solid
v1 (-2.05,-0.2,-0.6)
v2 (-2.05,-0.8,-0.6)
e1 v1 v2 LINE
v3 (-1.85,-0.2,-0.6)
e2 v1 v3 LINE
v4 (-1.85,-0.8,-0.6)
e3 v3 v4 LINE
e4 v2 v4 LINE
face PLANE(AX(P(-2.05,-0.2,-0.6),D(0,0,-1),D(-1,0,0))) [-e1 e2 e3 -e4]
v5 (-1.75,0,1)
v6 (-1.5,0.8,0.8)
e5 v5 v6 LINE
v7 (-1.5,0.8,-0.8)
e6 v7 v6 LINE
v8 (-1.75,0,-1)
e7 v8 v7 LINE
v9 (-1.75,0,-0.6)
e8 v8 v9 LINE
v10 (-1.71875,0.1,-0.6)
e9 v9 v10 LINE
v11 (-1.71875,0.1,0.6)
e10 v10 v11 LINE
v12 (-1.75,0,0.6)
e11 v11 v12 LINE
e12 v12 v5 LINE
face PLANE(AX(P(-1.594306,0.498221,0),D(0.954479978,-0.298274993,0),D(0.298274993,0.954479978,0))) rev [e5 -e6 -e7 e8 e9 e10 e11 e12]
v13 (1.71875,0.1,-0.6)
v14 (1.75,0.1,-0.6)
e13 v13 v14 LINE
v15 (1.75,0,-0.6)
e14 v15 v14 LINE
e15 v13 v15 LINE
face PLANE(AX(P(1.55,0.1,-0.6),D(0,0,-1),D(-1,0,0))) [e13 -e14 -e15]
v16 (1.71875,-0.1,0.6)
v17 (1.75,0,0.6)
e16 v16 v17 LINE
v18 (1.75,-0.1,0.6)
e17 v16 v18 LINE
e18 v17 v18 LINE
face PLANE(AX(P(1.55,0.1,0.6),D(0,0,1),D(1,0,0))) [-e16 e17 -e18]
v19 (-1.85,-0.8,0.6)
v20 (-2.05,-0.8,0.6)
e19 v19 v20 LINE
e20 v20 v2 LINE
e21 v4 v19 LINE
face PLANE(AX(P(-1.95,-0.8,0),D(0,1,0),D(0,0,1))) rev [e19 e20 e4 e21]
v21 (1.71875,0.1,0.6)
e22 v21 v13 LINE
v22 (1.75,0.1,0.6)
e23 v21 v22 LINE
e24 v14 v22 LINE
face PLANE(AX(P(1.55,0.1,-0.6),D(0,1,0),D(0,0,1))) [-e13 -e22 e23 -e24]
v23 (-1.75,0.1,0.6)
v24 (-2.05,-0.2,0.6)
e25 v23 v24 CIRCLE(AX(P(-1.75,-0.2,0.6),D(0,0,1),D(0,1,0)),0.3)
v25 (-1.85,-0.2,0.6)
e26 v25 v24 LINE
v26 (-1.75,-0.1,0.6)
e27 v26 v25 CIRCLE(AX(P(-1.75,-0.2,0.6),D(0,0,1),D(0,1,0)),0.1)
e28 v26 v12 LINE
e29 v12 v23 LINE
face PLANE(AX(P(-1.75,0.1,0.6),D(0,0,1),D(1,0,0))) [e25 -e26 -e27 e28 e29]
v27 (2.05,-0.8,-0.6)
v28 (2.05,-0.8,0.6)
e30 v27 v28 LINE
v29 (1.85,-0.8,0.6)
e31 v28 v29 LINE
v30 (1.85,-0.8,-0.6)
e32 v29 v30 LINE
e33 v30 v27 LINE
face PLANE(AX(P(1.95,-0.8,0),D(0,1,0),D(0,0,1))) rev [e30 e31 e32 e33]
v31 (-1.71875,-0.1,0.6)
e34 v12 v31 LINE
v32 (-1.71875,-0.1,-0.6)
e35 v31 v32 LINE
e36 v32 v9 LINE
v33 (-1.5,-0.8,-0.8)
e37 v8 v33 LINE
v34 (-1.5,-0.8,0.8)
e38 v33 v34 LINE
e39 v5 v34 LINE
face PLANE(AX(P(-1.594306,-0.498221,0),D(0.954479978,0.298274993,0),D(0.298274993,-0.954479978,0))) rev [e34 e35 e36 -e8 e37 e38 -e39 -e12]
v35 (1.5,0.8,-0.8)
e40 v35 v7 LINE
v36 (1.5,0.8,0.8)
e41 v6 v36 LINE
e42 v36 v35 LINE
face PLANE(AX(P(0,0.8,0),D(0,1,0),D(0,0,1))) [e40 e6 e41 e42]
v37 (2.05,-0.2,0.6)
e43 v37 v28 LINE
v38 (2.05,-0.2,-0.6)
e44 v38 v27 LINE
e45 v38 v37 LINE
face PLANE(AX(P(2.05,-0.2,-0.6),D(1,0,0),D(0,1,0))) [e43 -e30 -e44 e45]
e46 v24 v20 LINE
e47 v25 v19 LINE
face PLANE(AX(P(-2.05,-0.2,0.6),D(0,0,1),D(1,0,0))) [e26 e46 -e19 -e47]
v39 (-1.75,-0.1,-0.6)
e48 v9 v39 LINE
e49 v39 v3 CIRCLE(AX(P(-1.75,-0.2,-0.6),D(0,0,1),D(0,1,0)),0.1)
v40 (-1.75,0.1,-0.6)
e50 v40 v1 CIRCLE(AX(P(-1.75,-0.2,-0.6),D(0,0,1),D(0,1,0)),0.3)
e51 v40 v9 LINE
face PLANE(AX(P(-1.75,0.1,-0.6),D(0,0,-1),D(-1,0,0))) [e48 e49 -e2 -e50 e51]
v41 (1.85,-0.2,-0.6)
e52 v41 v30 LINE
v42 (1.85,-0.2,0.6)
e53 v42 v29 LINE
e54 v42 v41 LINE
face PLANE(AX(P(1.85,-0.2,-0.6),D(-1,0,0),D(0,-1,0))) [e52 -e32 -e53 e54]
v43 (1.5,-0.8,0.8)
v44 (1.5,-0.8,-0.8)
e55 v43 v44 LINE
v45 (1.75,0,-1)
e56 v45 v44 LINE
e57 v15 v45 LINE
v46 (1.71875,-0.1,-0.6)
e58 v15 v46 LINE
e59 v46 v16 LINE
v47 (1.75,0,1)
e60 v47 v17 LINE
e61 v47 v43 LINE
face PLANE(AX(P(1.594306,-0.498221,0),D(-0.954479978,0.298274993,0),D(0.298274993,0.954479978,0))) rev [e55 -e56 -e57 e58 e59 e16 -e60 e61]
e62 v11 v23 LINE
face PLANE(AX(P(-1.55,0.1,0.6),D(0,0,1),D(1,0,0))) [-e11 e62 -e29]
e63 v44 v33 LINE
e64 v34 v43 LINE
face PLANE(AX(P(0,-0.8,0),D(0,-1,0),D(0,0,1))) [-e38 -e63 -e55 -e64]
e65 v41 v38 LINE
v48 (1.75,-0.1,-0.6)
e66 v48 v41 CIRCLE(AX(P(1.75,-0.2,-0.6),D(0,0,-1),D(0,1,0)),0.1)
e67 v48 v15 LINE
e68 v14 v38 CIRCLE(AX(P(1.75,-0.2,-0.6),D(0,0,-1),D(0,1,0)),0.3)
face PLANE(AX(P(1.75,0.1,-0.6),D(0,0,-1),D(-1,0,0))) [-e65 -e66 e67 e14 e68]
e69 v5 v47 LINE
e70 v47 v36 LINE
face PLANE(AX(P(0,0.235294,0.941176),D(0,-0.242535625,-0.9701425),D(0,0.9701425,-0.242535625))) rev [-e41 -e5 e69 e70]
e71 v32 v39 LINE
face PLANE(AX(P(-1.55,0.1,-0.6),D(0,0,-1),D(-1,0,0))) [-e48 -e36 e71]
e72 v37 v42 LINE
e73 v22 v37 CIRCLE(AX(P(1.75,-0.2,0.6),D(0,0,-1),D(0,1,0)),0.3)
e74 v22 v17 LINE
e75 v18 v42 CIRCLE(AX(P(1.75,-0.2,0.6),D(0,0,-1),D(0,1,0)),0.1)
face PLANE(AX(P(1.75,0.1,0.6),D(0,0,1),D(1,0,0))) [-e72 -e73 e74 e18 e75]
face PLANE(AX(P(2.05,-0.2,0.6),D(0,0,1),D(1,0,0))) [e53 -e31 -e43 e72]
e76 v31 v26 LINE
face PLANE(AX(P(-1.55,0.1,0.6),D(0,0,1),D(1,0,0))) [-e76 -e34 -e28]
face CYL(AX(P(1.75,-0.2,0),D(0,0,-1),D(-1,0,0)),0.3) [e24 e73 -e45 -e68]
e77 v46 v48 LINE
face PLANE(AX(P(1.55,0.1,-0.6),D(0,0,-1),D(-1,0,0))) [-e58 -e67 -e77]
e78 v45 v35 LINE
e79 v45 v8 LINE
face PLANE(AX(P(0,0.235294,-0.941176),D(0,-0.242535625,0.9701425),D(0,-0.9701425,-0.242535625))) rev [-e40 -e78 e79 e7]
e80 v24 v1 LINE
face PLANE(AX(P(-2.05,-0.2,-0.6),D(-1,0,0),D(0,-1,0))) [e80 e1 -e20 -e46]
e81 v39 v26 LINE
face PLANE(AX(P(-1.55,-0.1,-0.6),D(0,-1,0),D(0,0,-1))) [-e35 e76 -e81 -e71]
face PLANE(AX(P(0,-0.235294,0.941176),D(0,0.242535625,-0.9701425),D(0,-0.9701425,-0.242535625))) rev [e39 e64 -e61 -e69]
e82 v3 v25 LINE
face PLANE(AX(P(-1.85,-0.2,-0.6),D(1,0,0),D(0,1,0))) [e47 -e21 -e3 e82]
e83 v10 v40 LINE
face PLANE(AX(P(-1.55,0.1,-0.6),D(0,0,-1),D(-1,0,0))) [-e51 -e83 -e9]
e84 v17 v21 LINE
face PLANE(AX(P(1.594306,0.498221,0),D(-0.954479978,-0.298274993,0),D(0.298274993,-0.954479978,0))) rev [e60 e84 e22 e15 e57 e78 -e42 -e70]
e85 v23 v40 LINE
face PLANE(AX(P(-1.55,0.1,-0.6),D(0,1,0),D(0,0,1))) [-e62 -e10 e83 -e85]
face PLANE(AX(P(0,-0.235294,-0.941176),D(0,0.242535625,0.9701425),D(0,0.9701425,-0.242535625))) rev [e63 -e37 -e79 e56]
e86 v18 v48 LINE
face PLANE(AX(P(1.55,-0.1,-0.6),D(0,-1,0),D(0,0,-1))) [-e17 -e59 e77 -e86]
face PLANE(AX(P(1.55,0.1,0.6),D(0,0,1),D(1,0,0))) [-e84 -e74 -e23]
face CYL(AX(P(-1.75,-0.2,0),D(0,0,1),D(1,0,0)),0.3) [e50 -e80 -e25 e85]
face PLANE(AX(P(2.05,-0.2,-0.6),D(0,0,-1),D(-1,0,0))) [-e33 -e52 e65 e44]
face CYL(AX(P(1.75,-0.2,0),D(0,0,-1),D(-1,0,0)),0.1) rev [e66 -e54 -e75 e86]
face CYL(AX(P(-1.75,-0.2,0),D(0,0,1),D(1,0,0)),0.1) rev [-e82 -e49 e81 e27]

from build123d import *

# Parameters (mm, degrees)
SKETCH4_W = 1.2
SKETCH4_H = 0.2


with BuildPart() as part:
    # Base → Loft1 section 0
    with BuildSketch(Plane(origin=(0, 0, 0), x_dir=(1, 0, 0), z_dir=(0, 1, 0))):
        with BuildLine():
            Line((-1.75, 1), (1.75, 1))
            Line((1.75, 1), (1.75, -1))
            Line((1.75, -1), (-1.75, -1))
            Line((-1.75, -1), (-1.75, 1))
        make_face()
    # Top → Loft1 section 1
    with BuildSketch(Plane(origin=(0, 0.8, 0), x_dir=(1, 0, 0), z_dir=(0, 1, 0))):
        with BuildLine():
            Line((-1.5, 0.8), (1.5, 0.8))
            Line((1.5, 0.8), (1.5, -0.8))
            Line((1.5, -0.8), (-1.5, -0.8))
            Line((-1.5, -0.8), (-1.5, 0.8))
        make_face()
    loft1 = loft()

    # Mirror1: Loft1 across plane
    add(loft1.mirror(Plane.ZX))

    # Sweep1: sweep along a path in Sketch3
    with BuildLine(Plane.XY) as sweep1_path:
        Line((1.55, 0), (1.75, 0))
        ThreePointArc((1.75, 0), (1.891421356, -0.058578644), (1.95, -0.2))
        Line((1.95, -0.2), (1.95, -0.8))
    # Sketch4 → Sweep1 (sweep)
    with BuildSketch(Plane(origin=(1.55, 0, 0), x_dir=(0, 0, -1), z_dir=(1, 0, 0))):
        Rectangle(SKETCH4_W, SKETCH4_H)
    sweep1 = sweep(path=sweep1_path.line)

    # Mirror3: Sweep1 across plane
    add(sweep1.mirror(Plane(origin=(0, 0, 0), x_dir=(0, 0, 1), z_dir=(1, 0, 0))))


solid = part.part
